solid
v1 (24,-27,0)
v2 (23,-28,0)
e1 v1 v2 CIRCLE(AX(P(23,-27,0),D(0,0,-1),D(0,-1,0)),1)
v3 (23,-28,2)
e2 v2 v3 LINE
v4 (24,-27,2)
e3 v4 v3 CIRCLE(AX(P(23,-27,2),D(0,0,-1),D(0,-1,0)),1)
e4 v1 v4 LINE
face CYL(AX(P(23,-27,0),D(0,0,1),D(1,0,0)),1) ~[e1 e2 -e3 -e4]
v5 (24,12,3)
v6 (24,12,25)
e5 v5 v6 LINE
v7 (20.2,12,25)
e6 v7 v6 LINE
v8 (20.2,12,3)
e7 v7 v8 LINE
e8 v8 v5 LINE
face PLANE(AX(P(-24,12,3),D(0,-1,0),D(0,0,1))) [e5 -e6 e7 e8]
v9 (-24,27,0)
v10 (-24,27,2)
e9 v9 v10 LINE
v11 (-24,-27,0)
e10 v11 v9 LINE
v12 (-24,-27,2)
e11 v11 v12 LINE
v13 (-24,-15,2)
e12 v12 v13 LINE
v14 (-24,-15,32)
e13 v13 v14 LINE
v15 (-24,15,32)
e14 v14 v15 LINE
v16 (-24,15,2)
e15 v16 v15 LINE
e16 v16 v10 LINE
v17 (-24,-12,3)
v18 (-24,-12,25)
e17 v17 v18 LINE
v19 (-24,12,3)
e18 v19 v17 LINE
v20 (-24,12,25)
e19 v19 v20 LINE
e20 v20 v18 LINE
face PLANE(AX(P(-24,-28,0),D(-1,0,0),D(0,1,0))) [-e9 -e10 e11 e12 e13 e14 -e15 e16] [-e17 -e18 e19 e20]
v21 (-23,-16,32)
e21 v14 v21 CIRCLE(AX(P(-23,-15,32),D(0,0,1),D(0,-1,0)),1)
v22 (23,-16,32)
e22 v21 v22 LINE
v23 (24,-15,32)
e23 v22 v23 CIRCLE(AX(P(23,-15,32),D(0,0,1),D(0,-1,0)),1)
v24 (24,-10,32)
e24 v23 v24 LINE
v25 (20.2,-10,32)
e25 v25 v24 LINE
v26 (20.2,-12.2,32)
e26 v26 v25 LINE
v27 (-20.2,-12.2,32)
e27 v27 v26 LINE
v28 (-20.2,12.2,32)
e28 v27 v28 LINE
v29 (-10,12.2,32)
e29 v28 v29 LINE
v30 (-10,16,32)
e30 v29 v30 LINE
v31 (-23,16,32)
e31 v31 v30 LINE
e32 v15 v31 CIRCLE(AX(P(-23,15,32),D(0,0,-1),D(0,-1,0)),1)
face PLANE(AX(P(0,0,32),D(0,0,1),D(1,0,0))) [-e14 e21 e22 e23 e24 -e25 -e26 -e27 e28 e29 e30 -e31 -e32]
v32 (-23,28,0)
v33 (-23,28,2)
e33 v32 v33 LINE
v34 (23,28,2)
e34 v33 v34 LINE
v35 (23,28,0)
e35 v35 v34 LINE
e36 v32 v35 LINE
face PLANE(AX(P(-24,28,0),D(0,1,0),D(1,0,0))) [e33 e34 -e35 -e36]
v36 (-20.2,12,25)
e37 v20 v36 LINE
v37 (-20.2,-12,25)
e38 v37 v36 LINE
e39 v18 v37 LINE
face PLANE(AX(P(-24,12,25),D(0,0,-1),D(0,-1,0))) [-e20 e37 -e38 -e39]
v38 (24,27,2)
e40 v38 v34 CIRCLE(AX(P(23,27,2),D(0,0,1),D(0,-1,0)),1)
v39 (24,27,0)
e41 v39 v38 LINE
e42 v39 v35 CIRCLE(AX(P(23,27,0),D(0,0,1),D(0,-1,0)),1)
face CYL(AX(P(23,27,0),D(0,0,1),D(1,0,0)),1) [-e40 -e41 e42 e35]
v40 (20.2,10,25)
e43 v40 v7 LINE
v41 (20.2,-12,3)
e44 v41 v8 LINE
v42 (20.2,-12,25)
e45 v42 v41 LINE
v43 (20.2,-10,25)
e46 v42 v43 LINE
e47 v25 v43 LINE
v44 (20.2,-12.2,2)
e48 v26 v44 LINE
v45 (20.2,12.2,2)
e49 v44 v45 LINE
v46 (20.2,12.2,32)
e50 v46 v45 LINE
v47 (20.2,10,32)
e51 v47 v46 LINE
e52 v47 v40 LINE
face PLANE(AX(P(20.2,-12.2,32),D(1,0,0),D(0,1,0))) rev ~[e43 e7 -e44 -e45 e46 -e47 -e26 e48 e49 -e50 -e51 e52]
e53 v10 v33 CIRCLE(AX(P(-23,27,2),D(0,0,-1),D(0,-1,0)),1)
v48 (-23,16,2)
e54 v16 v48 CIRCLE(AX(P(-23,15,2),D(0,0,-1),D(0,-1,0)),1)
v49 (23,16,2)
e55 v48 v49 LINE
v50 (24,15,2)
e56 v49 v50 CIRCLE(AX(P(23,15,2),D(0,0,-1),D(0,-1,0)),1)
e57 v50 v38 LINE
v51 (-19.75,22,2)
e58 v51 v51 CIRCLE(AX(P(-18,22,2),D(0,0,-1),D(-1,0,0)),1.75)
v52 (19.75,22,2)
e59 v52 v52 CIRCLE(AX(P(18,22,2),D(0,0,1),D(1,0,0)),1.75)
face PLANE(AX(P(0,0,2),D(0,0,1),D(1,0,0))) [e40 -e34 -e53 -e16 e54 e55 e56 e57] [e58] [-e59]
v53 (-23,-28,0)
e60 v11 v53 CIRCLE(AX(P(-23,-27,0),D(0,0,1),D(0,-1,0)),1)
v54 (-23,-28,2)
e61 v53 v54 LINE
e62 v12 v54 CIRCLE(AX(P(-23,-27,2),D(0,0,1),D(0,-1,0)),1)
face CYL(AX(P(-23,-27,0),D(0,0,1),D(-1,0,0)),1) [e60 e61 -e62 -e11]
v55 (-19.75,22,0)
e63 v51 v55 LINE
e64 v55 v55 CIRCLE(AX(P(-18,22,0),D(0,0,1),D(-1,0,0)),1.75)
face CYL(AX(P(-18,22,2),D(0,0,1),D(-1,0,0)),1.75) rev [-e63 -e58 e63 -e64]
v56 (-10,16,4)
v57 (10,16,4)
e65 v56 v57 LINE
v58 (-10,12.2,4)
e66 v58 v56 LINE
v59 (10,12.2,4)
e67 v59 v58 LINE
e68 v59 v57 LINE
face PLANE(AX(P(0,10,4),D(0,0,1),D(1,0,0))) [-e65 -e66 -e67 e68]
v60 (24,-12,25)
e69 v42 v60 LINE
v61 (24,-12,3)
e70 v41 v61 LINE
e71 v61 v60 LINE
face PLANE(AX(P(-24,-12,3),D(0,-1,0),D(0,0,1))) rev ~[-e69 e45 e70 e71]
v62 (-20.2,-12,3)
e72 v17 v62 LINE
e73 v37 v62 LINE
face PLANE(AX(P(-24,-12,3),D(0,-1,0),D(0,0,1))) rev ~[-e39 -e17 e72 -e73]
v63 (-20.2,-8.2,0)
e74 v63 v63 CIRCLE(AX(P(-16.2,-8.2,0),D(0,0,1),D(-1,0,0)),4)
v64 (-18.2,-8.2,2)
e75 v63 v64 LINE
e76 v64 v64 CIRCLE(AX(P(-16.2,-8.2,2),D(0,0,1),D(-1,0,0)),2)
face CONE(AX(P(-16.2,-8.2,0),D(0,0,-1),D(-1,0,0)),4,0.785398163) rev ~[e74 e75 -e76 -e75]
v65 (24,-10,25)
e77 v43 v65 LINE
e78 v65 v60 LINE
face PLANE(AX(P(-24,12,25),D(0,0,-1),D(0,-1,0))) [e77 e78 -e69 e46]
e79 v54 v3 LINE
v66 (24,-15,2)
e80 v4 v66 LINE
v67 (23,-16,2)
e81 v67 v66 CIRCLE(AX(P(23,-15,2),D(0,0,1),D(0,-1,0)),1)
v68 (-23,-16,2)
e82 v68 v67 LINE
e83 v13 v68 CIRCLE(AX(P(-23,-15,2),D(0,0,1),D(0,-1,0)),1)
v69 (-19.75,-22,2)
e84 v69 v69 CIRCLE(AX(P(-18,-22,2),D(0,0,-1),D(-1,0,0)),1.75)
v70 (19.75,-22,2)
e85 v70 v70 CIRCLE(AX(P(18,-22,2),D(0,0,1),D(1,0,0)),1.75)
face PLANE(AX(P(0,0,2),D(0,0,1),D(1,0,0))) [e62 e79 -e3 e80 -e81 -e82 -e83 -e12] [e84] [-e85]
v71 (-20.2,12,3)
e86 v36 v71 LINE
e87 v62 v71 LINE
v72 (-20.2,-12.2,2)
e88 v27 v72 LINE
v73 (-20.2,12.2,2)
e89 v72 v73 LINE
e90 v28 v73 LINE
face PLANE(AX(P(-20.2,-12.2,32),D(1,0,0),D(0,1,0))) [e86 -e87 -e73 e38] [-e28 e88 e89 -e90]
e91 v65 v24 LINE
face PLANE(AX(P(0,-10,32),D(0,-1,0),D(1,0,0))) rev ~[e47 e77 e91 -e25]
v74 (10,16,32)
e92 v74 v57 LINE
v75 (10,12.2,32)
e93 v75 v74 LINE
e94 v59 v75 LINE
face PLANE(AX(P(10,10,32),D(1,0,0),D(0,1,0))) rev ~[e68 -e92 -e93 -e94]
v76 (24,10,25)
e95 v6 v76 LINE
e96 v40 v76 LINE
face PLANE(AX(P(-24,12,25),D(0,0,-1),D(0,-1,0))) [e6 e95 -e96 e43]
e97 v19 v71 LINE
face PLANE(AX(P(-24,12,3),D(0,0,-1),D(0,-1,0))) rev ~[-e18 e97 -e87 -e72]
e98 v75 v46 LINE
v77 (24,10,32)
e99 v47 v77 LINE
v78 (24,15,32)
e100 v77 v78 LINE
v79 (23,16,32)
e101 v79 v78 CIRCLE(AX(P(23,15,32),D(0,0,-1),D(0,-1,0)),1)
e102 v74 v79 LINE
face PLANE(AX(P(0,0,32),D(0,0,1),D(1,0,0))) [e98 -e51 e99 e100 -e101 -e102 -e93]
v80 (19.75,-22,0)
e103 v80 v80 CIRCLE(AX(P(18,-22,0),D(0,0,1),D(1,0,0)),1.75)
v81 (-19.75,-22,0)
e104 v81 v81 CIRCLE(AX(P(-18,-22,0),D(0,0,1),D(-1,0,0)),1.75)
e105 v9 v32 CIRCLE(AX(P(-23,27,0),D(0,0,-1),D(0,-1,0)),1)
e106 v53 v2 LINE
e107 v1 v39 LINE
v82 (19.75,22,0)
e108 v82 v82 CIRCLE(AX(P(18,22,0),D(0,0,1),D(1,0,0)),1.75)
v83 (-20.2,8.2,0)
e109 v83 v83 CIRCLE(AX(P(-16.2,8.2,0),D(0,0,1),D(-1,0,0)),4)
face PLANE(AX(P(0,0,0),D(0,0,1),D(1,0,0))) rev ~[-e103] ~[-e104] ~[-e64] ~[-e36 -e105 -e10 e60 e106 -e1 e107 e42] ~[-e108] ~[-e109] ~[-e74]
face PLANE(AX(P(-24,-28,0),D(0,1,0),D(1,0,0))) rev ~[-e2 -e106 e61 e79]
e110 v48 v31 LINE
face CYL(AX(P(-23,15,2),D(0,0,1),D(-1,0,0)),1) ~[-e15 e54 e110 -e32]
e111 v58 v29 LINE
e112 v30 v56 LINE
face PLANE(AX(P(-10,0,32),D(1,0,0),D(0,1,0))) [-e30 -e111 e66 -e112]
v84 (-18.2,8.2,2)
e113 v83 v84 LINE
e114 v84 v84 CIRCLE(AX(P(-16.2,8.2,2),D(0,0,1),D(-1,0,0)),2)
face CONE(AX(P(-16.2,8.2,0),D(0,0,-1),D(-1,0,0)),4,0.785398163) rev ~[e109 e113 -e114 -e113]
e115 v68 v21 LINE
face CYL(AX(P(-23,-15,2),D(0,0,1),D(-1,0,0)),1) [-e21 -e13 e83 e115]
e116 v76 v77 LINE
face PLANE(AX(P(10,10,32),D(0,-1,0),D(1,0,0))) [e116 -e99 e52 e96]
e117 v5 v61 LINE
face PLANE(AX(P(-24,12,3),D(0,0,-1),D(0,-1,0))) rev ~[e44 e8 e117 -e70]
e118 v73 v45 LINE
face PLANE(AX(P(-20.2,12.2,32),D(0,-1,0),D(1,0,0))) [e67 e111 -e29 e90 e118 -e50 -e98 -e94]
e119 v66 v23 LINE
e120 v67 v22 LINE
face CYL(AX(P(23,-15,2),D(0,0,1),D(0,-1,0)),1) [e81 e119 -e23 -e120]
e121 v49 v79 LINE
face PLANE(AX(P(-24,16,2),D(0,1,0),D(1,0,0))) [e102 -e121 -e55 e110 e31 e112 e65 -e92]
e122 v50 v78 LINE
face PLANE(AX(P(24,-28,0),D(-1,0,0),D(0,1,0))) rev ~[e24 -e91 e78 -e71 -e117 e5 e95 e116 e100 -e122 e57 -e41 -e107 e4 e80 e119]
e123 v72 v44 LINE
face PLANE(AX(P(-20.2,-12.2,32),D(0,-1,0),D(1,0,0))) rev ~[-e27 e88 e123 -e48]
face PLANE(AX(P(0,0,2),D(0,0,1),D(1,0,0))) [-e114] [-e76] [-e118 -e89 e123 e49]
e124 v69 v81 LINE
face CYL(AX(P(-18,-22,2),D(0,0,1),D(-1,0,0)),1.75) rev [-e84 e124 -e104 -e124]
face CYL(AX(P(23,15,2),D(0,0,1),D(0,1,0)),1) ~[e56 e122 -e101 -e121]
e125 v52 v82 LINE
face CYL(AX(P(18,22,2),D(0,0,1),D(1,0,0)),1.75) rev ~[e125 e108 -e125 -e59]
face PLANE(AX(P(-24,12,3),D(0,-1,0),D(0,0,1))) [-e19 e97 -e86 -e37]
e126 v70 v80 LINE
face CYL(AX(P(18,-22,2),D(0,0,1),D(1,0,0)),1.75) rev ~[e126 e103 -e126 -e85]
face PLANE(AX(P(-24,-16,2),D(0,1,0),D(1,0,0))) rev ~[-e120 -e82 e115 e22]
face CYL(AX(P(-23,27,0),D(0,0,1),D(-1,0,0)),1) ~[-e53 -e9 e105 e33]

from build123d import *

# Parameters (mm, degrees)
SKETCH057_W         = 48
SKETCH057_H         = 56
PAD015_DEPTH        = 2
SKETCH058_R         = 1.75
HOLE023_DEPTH       = 25
SKETCH059_W         = 48
SKETCH059_H         = 32
PAD016_DEPTH        = 30
SKETCH060_W         = 40.4
SKETCH060_H         = 24.4
POCKET018_DEPTH     = 30
SKETCH061_W         = 20
SKETCH061_H         = 20
SKETCH061_W_2       = 40
POCKET019_DEPTH     = 28
SKETCH062_W         = 24
SKETCH062_H         = 22
POCKET020_DEPTH     = 50
SKETCH063_R         = 1.75
HOLE024_DEPTH       = 25
HOLE025_D           = 3.5
HOLE025_DEPTH       = 25
HOLE025_CSINK_D     = 8
HOLE025_CSINK_ANGLE = 90
HOLE025_TIPS_R      = 1.75
FILLET022_R         = 1
FILLET023_R         = 1


with BuildPart() as part:
    # Sketch057 → Pad015 (new body)
    with BuildSketch(Plane.XY):
        Rectangle(SKETCH057_W, SKETCH057_H)
    extrude(amount=PAD015_DEPTH)

    # Sketch058 (on Face6 of Pad015) → Hole023 (cut)
    with BuildSketch(Plane.XY.offset(2)):
        with Locations((18, 22)):
            Circle(SKETCH058_R)
        with Locations((18, -22)):
            Circle(SKETCH058_R)
    hole023 = extrude(amount=-HOLE023_DEPTH, mode=Mode.SUBTRACT)

    # Mirrored028: Hole023 across Sketch058 V_Axis
    add(hole023.mirror(Plane(origin=(0, 0, 2), x_dir=(0, 0, 1), z_dir=(1, 0, 0))), mode=Mode.SUBTRACT)

    # Sketch059 (on Face5 of Mirrored028) → Pad016 (join)
    with BuildSketch(Plane.XY.offset(2)):
        Rectangle(SKETCH059_W, SKETCH059_H)
    extrude(amount=PAD016_DEPTH)

    # Sketch060 (on Face12 of Pad016) → Pocket018 (cut)
    with BuildSketch(Plane.XY.offset(32)):
        Rectangle(SKETCH060_W, SKETCH060_H)
    extrude(amount=-POCKET018_DEPTH, mode=Mode.SUBTRACT)

    # Sketch061 (on Face8 of Pocket018) → Pocket019 (cut)
    with BuildSketch(Plane.XY.offset(32)):
        with Locations((0, 10)):
            Rectangle(SKETCH061_W, SKETCH061_H)
        with Locations((20, 0)):
            Rectangle(SKETCH061_W_2, SKETCH061_H)
    extrude(amount=-POCKET019_DEPTH, mode=Mode.SUBTRACT)

    # Sketch062 (on Face3 of Pocket019) → Pocket020 (cut)
    with BuildSketch(Plane(origin=(-24, 0, 0), x_dir=(0, -1, 0), z_dir=(-1, 0, 0))):
        with Locations((0, 14)):
            Rectangle(SKETCH062_W, SKETCH062_H)
    extrude(amount=-POCKET020_DEPTH, mode=Mode.SUBTRACT)

    # Sketch063 (on Face34 of Pocket020) → Hole024 (cut)
    with BuildSketch(Plane.XY.offset(2)):
        with Locations((-16.2, 8.2)):
            Circle(SKETCH063_R)
        with Locations((-16.2, -8.2)):
            Circle(SKETCH063_R)
    extrude(amount=-HOLE024_DEPTH, mode=Mode.SUBTRACT)

    # Hole025
    with Locations(Plane(origin=(0, 0, 0), x_dir=(1, 0, 0), z_dir=(0, 0, -1))):
        with Locations((-16.2, -8.2), (-16.2, 8.2)):
            CounterSinkHole(HOLE025_D / 2, HOLE025_CSINK_D / 2, depth=HOLE025_DEPTH, counter_sink_angle=HOLE025_CSINK_ANGLE)

    # Hole025 tips → Hole025 tip 1 section 0
    with BuildSketch(Plane(origin=(0, 0, 25), x_dir=(1, 0, 0), z_dir=(0, 0, -1)), mode=Mode.PRIVATE) as hole025_tip_1_s0:
        with Locations((-16.2, -8.2)):
            Circle(HOLE025_TIPS_R)
    loft([hole025_tip_1_s0.sketch, Vertex(-16.2, 8.2, 26.051506)], mode=Mode.SUBTRACT)

    # Hole025 tips → Hole025 tip 2 section 0
    with BuildSketch(Plane(origin=(0, 0, 25), x_dir=(1, 0, 0), z_dir=(0, 0, -1)), mode=Mode.PRIVATE) as hole025_tip_2_s0:
        with Locations((-16.2, 8.2)):
            Circle(HOLE025_TIPS_R)
    loft([hole025_tip_2_s0.sketch, Vertex(-16.2, -8.2, 26.051506)], mode=Mode.SUBTRACT)

    # Fillet022
    fillet022_edges = [part.edges().sort_by_distance(p)[0] for p in [
        (24, -28, 1),
        (24, 28, 1),
        (-24, -28, 1),
        (-24, 28, 1),
    ]]
    fillet(fillet022_edges, radius=FILLET022_R)

    # Fillet023
    fillet023_edges = [part.edges().sort_by_distance(p)[0] for p in [
        (24, 16, 17),
        (-24, 16, 17),
        (24, -16, 17),
        (-24, -16, 17),
    ]]
    fillet(fillet023_edges, radius=FILLET023_R)


solid = part.part
